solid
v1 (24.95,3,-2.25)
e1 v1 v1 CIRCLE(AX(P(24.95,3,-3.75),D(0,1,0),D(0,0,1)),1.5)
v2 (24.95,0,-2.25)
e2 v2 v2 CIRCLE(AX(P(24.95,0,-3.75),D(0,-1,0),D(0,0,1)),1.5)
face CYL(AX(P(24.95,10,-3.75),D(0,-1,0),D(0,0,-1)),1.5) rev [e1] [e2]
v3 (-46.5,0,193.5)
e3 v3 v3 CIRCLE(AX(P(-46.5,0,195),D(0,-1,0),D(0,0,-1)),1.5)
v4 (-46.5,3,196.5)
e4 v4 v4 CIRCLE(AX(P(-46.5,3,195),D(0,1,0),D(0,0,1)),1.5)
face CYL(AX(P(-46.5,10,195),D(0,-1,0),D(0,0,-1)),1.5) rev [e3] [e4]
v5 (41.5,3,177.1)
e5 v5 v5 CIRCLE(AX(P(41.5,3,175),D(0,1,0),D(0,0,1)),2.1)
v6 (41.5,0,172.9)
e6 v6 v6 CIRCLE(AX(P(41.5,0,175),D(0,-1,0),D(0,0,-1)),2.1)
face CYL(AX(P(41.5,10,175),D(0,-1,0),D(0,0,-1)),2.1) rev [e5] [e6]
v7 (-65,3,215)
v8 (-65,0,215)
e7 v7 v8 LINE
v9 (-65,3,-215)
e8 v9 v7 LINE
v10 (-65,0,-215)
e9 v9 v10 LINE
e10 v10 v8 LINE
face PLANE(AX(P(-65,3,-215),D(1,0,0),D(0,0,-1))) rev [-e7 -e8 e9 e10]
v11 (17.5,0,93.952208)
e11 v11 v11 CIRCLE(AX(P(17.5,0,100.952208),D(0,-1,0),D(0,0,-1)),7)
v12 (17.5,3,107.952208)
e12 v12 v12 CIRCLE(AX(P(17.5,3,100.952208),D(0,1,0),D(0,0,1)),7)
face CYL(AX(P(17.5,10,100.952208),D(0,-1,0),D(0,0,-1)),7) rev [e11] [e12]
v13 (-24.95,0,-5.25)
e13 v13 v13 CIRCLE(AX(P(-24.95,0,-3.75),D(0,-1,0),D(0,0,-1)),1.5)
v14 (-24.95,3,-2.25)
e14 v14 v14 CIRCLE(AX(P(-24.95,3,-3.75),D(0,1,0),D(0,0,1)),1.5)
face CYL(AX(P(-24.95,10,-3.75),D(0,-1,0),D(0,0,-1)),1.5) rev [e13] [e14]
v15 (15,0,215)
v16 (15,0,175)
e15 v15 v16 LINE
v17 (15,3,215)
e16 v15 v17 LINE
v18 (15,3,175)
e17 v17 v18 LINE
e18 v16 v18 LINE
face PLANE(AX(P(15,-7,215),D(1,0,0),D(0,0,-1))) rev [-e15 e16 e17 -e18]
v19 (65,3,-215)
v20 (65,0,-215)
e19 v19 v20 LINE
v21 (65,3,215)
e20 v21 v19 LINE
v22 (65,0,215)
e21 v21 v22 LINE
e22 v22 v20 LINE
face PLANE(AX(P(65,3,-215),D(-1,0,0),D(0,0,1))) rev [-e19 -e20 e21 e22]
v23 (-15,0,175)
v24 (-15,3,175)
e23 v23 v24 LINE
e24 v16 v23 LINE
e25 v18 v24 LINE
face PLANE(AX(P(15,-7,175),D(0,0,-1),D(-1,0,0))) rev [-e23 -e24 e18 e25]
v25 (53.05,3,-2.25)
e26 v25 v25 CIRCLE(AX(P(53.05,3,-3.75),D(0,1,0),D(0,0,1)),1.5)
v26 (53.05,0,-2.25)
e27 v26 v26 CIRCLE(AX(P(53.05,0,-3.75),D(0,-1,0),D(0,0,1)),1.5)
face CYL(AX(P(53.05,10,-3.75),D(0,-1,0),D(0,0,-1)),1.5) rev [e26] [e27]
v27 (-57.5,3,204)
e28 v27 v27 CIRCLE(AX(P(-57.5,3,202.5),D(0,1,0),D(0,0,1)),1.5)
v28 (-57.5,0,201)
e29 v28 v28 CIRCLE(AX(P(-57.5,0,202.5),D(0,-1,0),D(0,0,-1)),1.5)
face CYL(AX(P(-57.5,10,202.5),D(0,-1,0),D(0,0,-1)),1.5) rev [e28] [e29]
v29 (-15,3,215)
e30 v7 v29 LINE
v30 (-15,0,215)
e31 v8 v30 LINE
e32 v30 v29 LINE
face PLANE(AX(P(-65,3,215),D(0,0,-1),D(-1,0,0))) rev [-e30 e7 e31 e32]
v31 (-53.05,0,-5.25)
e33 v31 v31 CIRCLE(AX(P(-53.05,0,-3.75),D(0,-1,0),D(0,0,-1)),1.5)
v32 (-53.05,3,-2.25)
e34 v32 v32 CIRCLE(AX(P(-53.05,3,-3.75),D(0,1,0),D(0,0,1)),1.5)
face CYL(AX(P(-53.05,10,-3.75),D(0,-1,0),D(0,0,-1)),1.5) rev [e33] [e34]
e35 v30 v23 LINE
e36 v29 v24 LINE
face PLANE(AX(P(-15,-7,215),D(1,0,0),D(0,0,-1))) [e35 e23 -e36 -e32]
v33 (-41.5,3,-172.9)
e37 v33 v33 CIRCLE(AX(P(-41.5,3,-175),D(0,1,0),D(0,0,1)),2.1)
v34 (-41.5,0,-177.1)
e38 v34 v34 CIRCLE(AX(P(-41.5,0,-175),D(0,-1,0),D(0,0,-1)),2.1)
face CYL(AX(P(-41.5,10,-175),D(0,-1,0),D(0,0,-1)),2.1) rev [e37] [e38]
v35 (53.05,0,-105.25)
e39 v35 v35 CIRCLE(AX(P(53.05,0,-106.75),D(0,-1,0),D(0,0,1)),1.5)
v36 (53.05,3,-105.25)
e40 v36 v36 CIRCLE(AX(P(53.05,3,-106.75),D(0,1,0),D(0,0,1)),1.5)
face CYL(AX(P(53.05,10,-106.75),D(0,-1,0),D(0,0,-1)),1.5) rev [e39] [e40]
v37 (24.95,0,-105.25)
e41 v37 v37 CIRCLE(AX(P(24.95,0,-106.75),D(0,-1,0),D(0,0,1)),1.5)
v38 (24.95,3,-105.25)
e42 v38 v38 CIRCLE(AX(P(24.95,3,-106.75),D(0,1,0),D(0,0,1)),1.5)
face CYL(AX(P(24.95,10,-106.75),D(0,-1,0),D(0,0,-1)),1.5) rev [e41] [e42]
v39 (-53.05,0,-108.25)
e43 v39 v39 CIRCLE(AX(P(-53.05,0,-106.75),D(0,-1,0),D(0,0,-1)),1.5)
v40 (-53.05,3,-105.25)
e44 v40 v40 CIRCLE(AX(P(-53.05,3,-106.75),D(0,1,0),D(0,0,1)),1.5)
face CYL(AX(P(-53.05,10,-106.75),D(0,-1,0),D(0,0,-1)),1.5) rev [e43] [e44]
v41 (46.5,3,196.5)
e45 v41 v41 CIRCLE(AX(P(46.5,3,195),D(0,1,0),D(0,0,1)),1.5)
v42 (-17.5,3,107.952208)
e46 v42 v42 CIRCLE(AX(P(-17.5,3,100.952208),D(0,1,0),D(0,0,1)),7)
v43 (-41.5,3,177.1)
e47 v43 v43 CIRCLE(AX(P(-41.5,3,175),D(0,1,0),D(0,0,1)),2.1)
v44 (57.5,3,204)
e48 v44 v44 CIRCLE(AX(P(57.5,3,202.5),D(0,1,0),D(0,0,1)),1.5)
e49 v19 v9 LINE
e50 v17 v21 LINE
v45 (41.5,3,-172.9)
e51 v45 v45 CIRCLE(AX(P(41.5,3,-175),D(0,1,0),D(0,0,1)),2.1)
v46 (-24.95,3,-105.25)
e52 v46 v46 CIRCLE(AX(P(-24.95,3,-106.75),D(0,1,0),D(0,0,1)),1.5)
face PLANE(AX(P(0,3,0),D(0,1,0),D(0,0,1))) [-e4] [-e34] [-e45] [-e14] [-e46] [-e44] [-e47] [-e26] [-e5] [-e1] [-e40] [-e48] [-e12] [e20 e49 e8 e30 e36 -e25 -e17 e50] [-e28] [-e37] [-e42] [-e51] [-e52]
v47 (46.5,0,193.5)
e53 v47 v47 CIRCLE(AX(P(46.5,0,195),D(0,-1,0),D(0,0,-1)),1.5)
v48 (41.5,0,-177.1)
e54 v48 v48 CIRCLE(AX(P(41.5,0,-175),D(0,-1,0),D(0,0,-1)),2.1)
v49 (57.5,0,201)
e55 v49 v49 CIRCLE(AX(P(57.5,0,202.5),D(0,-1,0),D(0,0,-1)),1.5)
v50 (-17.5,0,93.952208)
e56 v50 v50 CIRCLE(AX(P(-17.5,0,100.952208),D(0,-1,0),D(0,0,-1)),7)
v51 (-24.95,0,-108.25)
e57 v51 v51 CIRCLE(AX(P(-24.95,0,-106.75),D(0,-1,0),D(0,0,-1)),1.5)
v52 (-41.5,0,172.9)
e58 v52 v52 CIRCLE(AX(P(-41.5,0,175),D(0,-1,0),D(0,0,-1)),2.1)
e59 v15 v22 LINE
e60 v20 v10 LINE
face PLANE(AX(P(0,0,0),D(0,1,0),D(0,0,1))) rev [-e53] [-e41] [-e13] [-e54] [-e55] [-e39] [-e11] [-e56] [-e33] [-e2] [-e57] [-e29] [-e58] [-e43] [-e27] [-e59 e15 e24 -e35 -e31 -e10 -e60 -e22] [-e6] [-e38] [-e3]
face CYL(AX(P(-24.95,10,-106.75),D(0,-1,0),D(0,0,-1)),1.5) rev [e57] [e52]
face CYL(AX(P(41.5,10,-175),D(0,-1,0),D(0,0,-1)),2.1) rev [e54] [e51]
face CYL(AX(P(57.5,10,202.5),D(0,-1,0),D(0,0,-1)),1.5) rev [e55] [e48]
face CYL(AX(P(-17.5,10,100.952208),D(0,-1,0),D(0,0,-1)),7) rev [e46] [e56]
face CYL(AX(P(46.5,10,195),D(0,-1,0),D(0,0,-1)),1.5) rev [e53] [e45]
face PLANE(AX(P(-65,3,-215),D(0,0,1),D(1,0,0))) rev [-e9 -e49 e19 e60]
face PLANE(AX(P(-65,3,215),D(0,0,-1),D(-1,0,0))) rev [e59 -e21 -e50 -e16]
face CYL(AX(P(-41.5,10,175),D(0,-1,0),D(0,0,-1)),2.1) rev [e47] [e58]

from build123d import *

# Parameters (mm, degrees)
SKETCH1_W           = 130
SKETCH1_H           = 430
BOSS_EXTRUDE1_DEPTH = 3
SKETCH2_W           = 30
SKETCH2_H           = 40
CUT_EXTRUDE1_DEPTH  = 10
SKETCH3_R           = 1.5
SKETCH3_R_2         = 2.1
CUT_EXTRUDE2_DEPTH  = 10
SKETCH4_R           = 7
CUT_EXTRUDE3_DEPTH  = 10


with BuildPart() as part:
    # Sketch1 → Boss-Extrude1 (new body)
    with BuildSketch(Plane(origin=(0, 0, 0), x_dir=(1, 0, 0), z_dir=(0, 1, 0))):
        Rectangle(SKETCH1_W, SKETCH1_H)
    extrude(amount=BOSS_EXTRUDE1_DEPTH)

    # Sketch2 → Cut-Extrude1 (cut)
    with BuildSketch(Plane(origin=(0, 3, 0), x_dir=(1, 0, 0), z_dir=(0, 1, 0))):
        with Locations((0, -195)):
            Rectangle(SKETCH2_W, SKETCH2_H)
    extrude(amount=-CUT_EXTRUDE1_DEPTH, mode=Mode.SUBTRACT)

    # Sketch3 → Cut-Extrude2 (cut)
    with BuildSketch(Plane.XZ):
        with Locations(Location((-53.05, -3.75, 0), (0, 0, 270))):
            Circle(SKETCH3_R)
        with Locations(Location((-46.5, 195, 0), (0, 0, 270))):
            Circle(SKETCH3_R)
        with Locations(Location((-24.95, -3.75, 0), (0, 0, 270))):
            Circle(SKETCH3_R)
        with Locations(Location((-53.05, -106.75, 0), (0, 0, 270))):
            Circle(SKETCH3_R)
        with Locations(Location((46.5, 195, 0), (0, 0, 270))):
            Circle(SKETCH3_R)
        with Locations(Location((-24.95, -106.75, 0), (0, 0, 270))):
            Circle(SKETCH3_R)
        with Locations(Location((24.95, -106.75, 0), (0, 0, 90))):
            Circle(SKETCH3_R)
        with Locations(Location((57.5, 202.5, 0), (0, 0, 270))):
            Circle(SKETCH3_R)
        with Locations(Location((53.05, -106.75, 0), (0, 0, 90))):
            Circle(SKETCH3_R)
        with Locations(Location((24.95, -3.75, 0), (0, 0, 90))):
            Circle(SKETCH3_R)
        with Locations(Location((-57.5, 202.5, 0), (0, 0, 270))):
            Circle(SKETCH3_R)
        with Locations(Location((53.05, -3.75, 0), (0, 0, 90))):
            Circle(SKETCH3_R)
        with Locations(Location((-41.5, 175, 0), (0, 0, 270))):
            Circle(SKETCH3_R_2)
        with Locations(Location((41.5, 175, 0), (0, 0, 270))):
            Circle(SKETCH3_R_2)
        with Locations(Location((41.5, -175, 0), (0, 0, 270))):
            Circle(SKETCH3_R_2)
        with Locations(Location((-41.5, -175, 0), (0, 0, 270))):
            Circle(SKETCH3_R_2)
    extrude(amount=-CUT_EXTRUDE2_DEPTH, mode=Mode.SUBTRACT)

    # Sketch4 → Cut-Extrude3 (cut)
    with BuildSketch(Plane.XZ):
        with Locations(Location((-17.5, 100.952208061, 0), (0, 0, 270))):
            Circle(SKETCH4_R)
        with Locations(Location((17.5, 100.952208061, 0), (0, 0, 270))):
            Circle(SKETCH4_R)
    extrude(amount=-CUT_EXTRUDE3_DEPTH, mode=Mode.SUBTRACT)


solid = part.part
